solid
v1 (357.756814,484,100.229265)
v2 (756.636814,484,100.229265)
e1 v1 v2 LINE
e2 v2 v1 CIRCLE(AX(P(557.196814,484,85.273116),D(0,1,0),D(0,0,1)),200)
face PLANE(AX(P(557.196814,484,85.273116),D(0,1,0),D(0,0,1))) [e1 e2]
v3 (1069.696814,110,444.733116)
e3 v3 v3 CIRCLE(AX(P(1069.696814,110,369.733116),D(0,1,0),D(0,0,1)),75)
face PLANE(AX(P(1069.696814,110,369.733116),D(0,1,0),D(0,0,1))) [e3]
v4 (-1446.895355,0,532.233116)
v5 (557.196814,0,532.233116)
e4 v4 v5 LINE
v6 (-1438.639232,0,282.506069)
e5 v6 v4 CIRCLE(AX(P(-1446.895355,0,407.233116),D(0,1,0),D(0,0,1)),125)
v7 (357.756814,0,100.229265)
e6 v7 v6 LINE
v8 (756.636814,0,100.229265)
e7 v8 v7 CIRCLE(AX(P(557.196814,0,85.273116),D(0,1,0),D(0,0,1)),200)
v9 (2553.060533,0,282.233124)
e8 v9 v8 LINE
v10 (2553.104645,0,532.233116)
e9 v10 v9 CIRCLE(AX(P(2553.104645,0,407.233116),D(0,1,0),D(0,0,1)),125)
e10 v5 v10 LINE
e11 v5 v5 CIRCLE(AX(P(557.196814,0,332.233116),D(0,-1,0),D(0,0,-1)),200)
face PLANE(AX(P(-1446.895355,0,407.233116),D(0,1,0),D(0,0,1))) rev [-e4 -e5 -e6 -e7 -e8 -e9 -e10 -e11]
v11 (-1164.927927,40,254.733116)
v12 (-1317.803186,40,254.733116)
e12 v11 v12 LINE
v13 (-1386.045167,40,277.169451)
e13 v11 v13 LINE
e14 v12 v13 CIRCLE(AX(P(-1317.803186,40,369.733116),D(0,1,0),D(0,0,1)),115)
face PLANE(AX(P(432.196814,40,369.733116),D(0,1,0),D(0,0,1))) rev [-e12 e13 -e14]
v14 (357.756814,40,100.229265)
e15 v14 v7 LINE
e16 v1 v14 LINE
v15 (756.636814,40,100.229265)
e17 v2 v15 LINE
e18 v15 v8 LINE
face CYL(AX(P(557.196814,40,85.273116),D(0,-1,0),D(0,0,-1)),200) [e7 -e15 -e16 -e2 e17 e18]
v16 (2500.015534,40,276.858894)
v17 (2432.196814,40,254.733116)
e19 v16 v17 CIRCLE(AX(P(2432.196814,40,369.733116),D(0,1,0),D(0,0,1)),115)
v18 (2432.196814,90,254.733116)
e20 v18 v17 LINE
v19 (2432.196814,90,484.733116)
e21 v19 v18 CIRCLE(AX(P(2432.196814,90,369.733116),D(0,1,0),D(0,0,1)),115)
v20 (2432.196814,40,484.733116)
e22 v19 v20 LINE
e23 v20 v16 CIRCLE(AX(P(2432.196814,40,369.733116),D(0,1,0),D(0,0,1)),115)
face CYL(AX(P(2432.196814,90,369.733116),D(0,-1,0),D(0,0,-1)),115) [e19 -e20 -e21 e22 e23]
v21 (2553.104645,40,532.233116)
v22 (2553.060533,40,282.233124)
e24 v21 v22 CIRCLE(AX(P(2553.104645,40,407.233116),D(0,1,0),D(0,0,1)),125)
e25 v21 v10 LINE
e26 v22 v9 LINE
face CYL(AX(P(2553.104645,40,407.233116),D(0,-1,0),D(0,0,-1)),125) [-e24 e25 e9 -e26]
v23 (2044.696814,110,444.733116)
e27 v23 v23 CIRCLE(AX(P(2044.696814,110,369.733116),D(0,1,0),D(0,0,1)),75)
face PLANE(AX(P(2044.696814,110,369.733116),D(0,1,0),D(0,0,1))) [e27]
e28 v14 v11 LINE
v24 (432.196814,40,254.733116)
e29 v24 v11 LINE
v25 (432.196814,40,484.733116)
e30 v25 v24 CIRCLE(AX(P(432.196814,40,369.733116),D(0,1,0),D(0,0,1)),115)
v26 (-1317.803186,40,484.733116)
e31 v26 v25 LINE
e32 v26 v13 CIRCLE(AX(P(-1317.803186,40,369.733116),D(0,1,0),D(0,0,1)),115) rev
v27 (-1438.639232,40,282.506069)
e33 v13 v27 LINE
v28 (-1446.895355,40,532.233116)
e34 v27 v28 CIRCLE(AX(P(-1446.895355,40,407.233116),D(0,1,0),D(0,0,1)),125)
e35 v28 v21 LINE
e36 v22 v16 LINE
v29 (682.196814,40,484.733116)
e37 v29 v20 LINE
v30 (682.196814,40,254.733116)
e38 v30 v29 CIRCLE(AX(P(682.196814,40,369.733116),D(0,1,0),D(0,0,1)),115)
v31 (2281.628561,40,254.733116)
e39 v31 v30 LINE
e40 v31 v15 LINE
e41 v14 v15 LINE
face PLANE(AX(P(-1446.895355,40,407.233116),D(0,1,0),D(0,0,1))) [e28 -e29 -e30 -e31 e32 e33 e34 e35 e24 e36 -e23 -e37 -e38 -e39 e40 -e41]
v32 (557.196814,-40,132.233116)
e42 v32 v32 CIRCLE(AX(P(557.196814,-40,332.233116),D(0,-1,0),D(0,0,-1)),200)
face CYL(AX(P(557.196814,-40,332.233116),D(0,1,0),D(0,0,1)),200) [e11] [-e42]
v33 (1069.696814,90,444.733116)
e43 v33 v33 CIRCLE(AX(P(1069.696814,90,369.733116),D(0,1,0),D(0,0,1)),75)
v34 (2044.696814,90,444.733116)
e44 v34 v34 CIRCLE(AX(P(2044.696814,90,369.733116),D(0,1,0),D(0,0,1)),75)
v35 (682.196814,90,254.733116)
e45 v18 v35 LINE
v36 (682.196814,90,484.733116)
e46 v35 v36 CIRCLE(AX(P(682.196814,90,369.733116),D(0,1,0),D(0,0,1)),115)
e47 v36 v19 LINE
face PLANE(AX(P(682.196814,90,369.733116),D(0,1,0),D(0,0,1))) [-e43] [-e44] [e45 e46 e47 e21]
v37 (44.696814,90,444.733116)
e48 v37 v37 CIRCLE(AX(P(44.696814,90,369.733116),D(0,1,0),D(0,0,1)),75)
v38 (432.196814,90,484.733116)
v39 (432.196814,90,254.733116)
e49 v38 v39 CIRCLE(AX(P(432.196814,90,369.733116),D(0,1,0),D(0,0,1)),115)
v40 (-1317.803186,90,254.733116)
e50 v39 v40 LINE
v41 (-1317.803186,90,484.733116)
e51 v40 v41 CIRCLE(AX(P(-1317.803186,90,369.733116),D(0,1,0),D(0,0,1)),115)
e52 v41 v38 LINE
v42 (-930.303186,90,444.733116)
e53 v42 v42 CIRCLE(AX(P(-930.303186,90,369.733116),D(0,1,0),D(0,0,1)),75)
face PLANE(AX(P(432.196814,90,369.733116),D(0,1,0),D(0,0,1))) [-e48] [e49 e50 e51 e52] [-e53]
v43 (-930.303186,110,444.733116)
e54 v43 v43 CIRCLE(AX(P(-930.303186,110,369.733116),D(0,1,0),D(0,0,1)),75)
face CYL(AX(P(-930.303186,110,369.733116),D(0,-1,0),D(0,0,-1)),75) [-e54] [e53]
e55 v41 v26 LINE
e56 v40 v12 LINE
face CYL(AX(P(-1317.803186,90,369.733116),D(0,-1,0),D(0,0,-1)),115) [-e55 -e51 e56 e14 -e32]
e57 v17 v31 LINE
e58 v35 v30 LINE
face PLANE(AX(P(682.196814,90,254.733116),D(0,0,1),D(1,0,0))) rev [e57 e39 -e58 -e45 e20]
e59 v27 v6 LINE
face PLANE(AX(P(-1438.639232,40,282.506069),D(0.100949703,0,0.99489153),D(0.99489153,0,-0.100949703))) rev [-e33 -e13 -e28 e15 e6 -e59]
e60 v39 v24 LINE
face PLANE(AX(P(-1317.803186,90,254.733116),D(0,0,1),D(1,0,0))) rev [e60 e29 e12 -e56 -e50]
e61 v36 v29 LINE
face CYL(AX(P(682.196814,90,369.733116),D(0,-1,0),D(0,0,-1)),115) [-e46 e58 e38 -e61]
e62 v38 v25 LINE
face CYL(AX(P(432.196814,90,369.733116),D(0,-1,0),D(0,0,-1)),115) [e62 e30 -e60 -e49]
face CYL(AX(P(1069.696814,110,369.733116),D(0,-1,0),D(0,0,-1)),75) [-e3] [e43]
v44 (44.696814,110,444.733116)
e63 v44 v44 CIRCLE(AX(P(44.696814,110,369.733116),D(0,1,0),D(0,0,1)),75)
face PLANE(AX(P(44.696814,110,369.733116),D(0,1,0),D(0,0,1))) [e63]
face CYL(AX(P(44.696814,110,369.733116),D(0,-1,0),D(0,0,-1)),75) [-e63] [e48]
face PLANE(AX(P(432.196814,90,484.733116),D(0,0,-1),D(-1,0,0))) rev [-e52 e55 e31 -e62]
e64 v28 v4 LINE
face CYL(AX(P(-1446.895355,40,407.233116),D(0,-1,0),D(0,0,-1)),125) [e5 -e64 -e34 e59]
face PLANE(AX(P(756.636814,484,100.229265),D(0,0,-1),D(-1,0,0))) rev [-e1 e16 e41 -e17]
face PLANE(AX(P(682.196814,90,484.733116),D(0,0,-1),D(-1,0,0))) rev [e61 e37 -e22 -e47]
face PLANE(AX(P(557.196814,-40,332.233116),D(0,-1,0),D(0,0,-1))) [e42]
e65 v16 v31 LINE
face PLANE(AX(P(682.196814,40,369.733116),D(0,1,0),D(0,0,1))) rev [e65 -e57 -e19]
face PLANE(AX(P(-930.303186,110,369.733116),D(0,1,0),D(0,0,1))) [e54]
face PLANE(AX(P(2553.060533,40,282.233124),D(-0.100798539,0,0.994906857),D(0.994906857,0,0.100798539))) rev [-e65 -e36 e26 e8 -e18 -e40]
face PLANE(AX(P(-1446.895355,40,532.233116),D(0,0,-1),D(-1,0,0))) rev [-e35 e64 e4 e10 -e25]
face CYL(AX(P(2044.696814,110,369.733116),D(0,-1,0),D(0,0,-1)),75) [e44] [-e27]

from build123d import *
from build123d.topology import SkipClean

# Parameters (mm, degrees)
BOSS_EXTRUDE1_DEPTH = 40
BOSS_EXTRUDE2_DEPTH = 50
SKETCH3_R           = 75
BOSS_EXTRUDE3_DEPTH = 20
SKETCH4_R           = 200
BOSS_EXTRUDE4_DEPTH = 40
BOSS_EXTRUDE5_DEPTH = 444


with BuildPart() as part:
    # Sketch1 → Boss-Extrude1 (new body)
    with BuildSketch(Plane(origin=(0, 0, 0), x_dir=(1, 0, 0), z_dir=(0, 1, 0))):
        with BuildLine():
            Line((-1446.895354921, -532.23311623), (2553.104645079, -532.23311623))
            ThreePointArc((2553.104645079, -532.23311623), (2678.104643133, -407.21106021), (2553.060533039, -282.233124013))
            Line((2553.060533039, -282.233124013), (756.636813569, -100.229265467))
            ThreePointArc((756.636813569, -100.229265467), (557.196813569, 114.72688377), (357.756813569, -100.229265467))
            Line((357.756813569, -100.229265467), (-1438.639231703, -282.506068524))
            ThreePointArc((-1438.639231703, -282.506068524), (-1571.827098211, -403.102799246), (-1446.895354921, -532.23311623))
        make_face()
    extrude(amount=BOSS_EXTRUDE1_DEPTH)

    # Sketch2 → Boss-Extrude2 (add)
    with BuildSketch(Plane(origin=(0, 40, 0), x_dir=(1, 0, 0), z_dir=(0, 1, 0))):
        with BuildLine():
            Line((682.196813569, -254.73311623), (2432.196813569, -254.73311623))
            ThreePointArc((2432.196813569, -254.73311623), (2547.196813569, -369.73311623), (2432.196813569, -484.73311623))
            Line((2432.196813569, -484.73311623), (682.196813569, -484.73311623))
            ThreePointArc((682.196813569, -484.73311623), (567.196813569, -369.73311623), (682.196813569, -254.73311623))
        make_face()
        with BuildLine():
            Line((432.196813569, -484.73311623), (-1317.803186431, -484.73311623))
            ThreePointArc((-1317.803186431, -484.73311623), (-1432.803186431, -369.73311623), (-1317.803186431, -254.73311623))
            Line((-1317.803186431, -254.73311623), (432.196813569, -254.73311623))
            ThreePointArc((432.196813569, -254.73311623), (547.196813569, -369.73311623), (432.196813569, -484.73311623))
        make_face()
    extrude(amount=BOSS_EXTRUDE2_DEPTH)

    # Sketch3 → Boss-Extrude3 (add)
    with BuildSketch(Plane(origin=(0, 90, 0), x_dir=(1, 0, 0), z_dir=(0, 1, 0))):
        with Locations(Location((-930.303186431, -369.73311623, 0), (0, 0, 270))):
            Circle(SKETCH3_R)
        with Locations(Location((44.696813569, -369.73311623, 0), (0, 0, 270))):
            Circle(SKETCH3_R)
        with Locations(Location((1069.696813569, -369.73311623, 0), (0, 0, 270))):
            Circle(SKETCH3_R)
        with Locations(Location((2044.696813569, -369.73311623, 0), (0, 0, 270))):
            Circle(SKETCH3_R)
    extrude(amount=BOSS_EXTRUDE3_DEPTH)

    # Sketch4 → Boss-Extrude4 (add)
    with BuildSketch(Plane(origin=(0, 0, 0), x_dir=(-1, 0, 0), z_dir=(0, -1, 0))):
        with Locations(Location((-557.196813569, -332.23311623, 0), (0, 0, 270))):
            Circle(SKETCH4_R)
    extrude(amount=BOSS_EXTRUDE4_DEPTH)

    # Sketch5 → Boss-Extrude5 (add)
    with SkipClean():  # the faces are left unmerged after this step: merging them gives an invalid solid
        with BuildSketch(Plane(origin=(0, 40, 0), x_dir=(1, 0, 0), z_dir=(0, 1, 0))):
            with BuildLine():
                Line((756.636813569, -100.229265467), (357.756813569, -100.229265467))
                ThreePointArc((357.756813569, -100.229265467), (557.196813569, 114.72688377), (756.636813569, -100.229265467))
            make_face()
        extrude(amount=BOSS_EXTRUDE5_DEPTH)


solid = part.part
